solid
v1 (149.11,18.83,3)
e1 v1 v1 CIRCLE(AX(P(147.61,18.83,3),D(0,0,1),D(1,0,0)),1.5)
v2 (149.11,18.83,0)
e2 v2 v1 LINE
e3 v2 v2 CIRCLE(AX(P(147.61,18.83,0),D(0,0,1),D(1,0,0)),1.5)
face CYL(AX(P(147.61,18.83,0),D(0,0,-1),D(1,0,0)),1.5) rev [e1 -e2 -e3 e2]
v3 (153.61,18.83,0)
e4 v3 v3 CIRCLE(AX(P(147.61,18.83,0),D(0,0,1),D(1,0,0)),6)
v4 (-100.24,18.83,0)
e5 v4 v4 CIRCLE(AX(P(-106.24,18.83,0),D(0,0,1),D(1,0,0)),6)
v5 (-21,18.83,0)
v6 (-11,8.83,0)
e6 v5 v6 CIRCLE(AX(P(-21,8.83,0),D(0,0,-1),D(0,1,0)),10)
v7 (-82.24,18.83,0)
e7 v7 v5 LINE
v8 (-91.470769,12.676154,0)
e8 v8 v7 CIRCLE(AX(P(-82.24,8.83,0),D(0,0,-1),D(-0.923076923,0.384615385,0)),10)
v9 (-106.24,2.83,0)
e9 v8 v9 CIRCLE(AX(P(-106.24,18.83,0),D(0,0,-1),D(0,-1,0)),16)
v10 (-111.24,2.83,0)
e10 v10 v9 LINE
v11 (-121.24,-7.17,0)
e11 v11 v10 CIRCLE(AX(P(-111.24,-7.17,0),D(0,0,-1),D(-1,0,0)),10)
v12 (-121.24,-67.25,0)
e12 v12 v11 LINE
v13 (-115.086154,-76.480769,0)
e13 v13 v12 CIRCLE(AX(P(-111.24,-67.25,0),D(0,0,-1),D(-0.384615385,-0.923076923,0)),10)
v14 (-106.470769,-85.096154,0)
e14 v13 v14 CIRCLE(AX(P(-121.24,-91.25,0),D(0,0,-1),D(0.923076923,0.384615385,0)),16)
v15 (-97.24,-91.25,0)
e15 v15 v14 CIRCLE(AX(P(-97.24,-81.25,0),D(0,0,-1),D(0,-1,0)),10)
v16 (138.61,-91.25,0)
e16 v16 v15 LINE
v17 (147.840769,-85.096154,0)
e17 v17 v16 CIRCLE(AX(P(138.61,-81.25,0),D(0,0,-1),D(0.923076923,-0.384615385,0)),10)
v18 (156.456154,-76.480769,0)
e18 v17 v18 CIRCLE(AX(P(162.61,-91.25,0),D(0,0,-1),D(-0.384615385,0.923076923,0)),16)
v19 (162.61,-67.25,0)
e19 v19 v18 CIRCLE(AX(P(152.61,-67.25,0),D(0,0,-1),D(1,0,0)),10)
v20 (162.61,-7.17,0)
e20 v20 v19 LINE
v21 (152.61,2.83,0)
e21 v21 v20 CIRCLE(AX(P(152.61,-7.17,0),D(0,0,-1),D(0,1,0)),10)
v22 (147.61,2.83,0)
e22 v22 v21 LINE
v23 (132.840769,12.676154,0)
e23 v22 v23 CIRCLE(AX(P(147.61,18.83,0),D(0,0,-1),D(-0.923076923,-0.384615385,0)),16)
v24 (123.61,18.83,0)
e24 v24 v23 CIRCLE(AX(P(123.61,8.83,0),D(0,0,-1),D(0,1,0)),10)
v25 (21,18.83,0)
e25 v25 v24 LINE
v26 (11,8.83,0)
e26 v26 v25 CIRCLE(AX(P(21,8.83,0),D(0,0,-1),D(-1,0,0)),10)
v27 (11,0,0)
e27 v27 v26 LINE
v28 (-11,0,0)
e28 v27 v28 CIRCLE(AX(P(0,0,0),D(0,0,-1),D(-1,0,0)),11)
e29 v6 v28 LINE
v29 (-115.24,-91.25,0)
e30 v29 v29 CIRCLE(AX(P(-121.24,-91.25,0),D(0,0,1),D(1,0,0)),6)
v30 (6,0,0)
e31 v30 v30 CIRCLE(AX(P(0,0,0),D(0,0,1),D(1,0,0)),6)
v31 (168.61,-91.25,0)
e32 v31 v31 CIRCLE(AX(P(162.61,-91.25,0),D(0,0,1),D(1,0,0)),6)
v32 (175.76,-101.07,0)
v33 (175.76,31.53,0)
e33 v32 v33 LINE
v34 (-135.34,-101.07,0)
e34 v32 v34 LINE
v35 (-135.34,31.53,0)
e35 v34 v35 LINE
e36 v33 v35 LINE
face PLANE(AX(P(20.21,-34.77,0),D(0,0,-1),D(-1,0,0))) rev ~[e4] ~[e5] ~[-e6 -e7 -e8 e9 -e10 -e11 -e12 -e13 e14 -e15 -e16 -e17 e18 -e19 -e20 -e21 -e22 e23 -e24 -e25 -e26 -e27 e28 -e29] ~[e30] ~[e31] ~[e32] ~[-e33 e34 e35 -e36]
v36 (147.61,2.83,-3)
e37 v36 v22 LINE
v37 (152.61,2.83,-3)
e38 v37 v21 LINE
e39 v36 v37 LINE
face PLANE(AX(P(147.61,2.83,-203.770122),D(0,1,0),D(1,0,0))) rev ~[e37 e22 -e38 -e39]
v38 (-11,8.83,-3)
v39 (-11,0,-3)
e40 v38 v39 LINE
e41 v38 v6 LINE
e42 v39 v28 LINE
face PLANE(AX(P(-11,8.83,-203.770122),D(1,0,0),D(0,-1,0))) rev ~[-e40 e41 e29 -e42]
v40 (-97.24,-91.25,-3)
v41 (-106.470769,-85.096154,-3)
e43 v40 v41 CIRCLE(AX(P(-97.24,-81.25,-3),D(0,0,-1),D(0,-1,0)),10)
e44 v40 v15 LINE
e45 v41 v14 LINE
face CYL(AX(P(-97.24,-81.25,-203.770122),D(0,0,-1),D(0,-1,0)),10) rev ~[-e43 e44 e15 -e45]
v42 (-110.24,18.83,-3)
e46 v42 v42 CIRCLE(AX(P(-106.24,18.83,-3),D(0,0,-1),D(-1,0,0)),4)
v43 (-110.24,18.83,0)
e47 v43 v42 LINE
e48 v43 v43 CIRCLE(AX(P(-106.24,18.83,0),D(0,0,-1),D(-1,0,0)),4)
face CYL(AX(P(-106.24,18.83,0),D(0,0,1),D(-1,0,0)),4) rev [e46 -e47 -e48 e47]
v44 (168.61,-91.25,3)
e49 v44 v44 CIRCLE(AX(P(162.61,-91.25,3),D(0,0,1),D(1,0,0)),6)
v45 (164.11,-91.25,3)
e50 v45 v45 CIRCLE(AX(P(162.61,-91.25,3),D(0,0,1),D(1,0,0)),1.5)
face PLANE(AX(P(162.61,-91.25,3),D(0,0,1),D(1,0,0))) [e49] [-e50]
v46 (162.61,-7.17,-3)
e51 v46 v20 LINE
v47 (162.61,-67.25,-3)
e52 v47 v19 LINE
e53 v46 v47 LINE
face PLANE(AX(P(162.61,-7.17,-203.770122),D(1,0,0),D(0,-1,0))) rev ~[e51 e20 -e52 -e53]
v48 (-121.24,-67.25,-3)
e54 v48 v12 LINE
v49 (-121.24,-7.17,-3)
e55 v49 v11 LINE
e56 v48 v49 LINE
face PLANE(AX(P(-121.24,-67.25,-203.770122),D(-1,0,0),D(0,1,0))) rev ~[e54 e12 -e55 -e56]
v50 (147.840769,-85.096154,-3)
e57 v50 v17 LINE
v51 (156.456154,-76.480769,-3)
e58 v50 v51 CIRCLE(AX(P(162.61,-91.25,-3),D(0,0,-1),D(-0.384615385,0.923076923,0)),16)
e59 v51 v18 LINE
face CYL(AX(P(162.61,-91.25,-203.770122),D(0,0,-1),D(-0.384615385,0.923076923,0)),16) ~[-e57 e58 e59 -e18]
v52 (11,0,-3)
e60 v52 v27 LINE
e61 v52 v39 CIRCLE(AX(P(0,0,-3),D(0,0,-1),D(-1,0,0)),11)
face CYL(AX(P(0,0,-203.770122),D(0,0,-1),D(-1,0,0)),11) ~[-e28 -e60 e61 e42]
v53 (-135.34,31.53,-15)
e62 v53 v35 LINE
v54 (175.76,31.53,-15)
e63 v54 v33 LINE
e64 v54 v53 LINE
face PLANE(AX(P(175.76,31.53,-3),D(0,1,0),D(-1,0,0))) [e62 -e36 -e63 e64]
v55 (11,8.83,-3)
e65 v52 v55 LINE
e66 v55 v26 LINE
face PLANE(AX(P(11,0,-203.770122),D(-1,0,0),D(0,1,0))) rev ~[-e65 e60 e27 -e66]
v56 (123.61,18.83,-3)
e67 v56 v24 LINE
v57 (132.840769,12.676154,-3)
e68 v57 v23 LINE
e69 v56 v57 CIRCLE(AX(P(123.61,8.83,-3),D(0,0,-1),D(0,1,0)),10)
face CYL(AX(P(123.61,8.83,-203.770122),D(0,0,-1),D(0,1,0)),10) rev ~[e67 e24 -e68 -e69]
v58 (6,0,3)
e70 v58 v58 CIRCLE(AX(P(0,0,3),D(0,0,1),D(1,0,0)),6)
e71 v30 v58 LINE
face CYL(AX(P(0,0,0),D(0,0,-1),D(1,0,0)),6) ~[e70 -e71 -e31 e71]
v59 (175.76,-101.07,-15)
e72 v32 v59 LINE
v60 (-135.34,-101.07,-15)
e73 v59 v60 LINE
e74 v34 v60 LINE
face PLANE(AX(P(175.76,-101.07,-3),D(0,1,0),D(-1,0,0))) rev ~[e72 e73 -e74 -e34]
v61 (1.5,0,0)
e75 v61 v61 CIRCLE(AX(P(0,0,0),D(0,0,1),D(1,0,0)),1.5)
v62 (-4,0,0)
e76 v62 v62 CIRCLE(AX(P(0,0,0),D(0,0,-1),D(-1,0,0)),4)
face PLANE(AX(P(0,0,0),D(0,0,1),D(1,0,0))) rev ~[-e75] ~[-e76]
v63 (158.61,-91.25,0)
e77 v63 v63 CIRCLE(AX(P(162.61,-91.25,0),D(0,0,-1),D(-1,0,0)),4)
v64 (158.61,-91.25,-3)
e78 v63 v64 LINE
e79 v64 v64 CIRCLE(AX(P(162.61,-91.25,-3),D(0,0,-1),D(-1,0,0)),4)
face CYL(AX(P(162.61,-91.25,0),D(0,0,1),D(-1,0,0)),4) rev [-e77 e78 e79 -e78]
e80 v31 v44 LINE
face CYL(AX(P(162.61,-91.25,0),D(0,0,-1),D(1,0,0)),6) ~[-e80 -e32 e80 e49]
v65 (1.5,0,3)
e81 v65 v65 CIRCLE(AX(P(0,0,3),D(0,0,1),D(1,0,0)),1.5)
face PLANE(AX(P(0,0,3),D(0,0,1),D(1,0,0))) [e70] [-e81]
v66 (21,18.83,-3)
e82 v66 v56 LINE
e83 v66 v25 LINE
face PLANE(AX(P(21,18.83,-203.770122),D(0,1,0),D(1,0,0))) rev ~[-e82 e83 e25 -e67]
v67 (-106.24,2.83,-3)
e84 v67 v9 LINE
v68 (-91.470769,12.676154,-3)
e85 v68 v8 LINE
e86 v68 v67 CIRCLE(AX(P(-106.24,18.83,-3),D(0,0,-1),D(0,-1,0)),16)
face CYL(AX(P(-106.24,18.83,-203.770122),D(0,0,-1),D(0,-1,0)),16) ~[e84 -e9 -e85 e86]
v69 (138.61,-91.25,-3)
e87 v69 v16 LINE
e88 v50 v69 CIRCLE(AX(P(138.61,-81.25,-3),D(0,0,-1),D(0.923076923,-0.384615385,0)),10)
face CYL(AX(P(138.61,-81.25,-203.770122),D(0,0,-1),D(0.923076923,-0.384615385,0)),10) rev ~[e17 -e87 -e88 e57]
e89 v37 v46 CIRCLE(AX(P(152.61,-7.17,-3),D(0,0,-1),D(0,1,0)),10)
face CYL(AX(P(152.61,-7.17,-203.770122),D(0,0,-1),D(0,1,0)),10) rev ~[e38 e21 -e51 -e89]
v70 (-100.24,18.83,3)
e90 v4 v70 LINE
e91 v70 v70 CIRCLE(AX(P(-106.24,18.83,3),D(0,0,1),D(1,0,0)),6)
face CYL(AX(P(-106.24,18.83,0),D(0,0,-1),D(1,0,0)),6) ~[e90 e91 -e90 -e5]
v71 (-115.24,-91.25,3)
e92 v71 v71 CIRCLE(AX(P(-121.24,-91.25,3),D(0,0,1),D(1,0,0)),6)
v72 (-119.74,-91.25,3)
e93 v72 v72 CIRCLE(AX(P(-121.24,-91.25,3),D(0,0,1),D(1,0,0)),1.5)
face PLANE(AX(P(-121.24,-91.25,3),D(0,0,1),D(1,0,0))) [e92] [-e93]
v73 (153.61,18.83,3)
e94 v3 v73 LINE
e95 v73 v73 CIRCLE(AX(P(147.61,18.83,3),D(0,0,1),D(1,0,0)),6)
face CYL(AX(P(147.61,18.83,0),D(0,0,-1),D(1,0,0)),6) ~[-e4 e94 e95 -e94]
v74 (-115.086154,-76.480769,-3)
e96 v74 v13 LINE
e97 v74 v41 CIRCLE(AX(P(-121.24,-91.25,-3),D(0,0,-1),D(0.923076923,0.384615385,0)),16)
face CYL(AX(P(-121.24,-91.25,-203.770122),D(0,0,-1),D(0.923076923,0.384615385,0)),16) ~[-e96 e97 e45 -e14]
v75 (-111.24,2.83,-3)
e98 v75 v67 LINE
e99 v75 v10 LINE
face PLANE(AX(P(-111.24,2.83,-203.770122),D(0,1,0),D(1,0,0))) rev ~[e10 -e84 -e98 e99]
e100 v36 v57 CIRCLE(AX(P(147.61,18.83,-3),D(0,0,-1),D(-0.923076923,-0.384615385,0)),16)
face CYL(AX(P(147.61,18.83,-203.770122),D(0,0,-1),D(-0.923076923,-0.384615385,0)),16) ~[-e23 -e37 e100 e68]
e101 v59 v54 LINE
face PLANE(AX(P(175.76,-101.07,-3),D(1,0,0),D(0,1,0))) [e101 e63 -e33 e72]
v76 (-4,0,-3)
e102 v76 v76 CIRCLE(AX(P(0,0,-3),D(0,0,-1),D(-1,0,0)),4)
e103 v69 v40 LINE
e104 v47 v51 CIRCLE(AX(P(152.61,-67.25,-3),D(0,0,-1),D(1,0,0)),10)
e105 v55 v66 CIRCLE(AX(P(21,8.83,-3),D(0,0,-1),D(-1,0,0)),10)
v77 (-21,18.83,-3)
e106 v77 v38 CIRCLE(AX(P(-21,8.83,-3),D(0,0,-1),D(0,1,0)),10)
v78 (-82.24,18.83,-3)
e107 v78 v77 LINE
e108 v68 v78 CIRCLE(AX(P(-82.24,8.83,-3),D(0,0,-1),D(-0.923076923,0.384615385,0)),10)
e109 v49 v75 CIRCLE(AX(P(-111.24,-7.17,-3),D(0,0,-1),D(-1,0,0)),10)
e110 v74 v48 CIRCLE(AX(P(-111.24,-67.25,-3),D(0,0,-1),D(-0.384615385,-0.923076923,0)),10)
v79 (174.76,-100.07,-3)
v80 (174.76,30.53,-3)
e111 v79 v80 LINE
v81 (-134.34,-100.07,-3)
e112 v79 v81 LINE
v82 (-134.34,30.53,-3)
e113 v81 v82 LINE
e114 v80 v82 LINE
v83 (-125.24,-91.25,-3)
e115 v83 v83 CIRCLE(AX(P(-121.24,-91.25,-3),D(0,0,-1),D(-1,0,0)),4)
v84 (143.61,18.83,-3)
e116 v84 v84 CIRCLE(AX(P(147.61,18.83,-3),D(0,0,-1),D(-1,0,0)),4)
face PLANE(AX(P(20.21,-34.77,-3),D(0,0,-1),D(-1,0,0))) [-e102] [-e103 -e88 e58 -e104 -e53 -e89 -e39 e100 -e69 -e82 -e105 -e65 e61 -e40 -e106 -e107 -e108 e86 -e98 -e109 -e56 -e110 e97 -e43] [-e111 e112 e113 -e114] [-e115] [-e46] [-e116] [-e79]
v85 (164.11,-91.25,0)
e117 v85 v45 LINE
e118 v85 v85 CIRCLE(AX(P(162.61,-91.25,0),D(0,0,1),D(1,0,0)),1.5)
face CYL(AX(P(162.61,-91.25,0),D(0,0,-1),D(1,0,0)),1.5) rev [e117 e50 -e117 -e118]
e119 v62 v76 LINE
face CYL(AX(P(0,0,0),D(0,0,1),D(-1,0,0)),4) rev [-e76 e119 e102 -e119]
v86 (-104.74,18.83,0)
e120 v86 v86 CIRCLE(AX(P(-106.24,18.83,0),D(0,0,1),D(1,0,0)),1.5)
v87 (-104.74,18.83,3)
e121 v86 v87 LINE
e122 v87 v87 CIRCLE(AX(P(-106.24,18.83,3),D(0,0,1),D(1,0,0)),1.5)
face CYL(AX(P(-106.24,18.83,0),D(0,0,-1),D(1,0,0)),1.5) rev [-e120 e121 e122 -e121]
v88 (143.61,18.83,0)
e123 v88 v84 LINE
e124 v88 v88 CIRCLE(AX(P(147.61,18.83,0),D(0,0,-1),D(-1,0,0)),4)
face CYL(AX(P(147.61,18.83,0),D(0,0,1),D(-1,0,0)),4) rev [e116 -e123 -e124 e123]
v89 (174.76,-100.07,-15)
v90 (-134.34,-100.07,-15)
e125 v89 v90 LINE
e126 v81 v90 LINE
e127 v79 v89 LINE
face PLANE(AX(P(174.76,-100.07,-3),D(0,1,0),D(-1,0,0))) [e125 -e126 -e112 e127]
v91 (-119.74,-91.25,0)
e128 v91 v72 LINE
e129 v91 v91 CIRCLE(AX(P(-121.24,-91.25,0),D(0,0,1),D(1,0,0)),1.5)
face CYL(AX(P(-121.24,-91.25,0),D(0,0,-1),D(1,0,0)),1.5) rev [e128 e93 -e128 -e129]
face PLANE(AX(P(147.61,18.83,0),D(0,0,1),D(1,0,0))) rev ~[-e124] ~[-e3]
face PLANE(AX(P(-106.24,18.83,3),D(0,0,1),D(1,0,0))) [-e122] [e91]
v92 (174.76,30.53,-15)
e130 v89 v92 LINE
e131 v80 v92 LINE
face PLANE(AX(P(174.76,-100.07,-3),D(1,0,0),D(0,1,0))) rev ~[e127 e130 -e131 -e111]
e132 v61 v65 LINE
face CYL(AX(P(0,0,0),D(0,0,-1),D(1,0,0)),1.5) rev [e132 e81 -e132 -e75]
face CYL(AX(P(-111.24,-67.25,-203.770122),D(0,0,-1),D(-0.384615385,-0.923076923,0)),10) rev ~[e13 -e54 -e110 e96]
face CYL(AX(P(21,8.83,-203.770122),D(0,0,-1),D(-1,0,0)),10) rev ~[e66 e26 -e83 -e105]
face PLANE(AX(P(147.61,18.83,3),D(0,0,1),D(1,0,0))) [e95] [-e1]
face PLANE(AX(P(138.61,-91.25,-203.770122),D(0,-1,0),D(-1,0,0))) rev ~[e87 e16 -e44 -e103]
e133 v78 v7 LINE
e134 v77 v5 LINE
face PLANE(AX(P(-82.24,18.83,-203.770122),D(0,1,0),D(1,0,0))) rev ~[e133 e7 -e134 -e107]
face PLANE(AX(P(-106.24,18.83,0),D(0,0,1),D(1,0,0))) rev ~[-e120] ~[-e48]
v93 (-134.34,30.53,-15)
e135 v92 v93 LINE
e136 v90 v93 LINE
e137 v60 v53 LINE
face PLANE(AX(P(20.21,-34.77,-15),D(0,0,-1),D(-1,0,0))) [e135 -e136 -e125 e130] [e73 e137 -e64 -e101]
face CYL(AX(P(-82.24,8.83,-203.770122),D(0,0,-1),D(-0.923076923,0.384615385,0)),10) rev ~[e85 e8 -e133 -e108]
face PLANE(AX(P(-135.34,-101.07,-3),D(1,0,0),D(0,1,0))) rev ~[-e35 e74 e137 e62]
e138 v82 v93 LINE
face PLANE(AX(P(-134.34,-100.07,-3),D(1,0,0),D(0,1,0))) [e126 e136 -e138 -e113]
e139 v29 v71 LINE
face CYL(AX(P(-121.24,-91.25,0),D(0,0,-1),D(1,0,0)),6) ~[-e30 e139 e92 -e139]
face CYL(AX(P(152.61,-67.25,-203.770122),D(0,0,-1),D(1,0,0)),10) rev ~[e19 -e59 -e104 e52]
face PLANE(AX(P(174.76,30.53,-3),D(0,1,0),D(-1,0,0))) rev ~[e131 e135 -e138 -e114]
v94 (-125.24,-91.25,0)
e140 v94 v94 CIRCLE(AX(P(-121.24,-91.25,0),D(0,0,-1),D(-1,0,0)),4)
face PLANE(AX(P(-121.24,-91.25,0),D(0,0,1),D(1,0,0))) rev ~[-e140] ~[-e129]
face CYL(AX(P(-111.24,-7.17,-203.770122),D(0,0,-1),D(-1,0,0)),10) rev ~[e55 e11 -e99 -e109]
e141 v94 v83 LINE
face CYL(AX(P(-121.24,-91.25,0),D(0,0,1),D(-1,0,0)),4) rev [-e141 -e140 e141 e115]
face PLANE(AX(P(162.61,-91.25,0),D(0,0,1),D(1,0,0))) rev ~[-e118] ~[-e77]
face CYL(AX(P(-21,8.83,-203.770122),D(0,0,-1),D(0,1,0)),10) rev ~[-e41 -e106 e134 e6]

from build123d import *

# Parameters (mm, degrees)
SKETCH1_R                             = 6
SKETCH1_R_2                           = 1.5
DISPLAY_SCREW_PATTERN_DEPTH           = 3
DISPLAY_SCREW_PATTERN_2_DEPTH         = 3
DISPLAY_SCREW_PATTERN_3_DEPTH         = 3
DISPLAY_SCREW_PATTERN_4_DEPTH         = 3
DISPLAY_SCREW_PATTERN_5_DEPTH         = 3
SKETCH2_W                             = 311.1
SKETCH2_H                             = 132.6
SKETCH2_R                             = 4
DISPLAY_BACKPLANE_DEPTH               = 3
BACKPLANE_WEIGHT_REDUCTION_DEPTH      = 203.770122306
BACKPLANE_WEIGHT_REDUCTION_DEPTH_BACK = 203.770122306
SKETCH4_W                             = 311.1
SKETCH4_H                             = 132.6
SKETCH4_W_2                           = 309.1
SKETCH4_H_2                           = 130.6
DISPLAY_OUTSIDE_CRADDLE_DEPTH         = 12


with BuildPart() as part:
    # Sketch1 → Display screw pattern (new body)
    with BuildSketch(Plane.XY):
        Circle(SKETCH1_R)
        Circle(SKETCH1_R_2, mode=Mode.SUBTRACT)
    extrude(amount=DISPLAY_SCREW_PATTERN_DEPTH)



with BuildPart() as body_2:
    # Sketch1 → Display screw pattern 2 (new body)
    with BuildSketch(Plane.XY):
        with Locations((-106.24, 18.83)):
            Circle(SKETCH1_R)
        with Locations((-106.24, 18.83)):
            Circle(SKETCH1_R_2, mode=Mode.SUBTRACT)
    extrude(amount=DISPLAY_SCREW_PATTERN_2_DEPTH)


with BuildPart() as body_3:
    # Sketch1 → Display screw pattern 3 (new body)
    with BuildSketch(Plane.XY):
        with Locations((147.61, 18.83)):
            Circle(SKETCH1_R)
        with Locations((147.61, 18.83)):
            Circle(SKETCH1_R_2, mode=Mode.SUBTRACT)
    extrude(amount=DISPLAY_SCREW_PATTERN_3_DEPTH)


with BuildPart() as body_4:
    # Sketch1 → Display screw pattern 4 (new body)
    with BuildSketch(Plane.XY):
        with Locations((-121.24, -91.25)):
            Circle(SKETCH1_R)
        with Locations((-121.24, -91.25)):
            Circle(SKETCH1_R_2, mode=Mode.SUBTRACT)
    extrude(amount=DISPLAY_SCREW_PATTERN_4_DEPTH)


with BuildPart() as body_5:
    # Sketch1 → Display screw pattern 5 (new body)
    with BuildSketch(Plane.XY):
        with Locations((162.61, -91.25)):
            Circle(SKETCH1_R)
        with Locations((162.61, -91.25)):
            Circle(SKETCH1_R_2, mode=Mode.SUBTRACT)
    extrude(amount=DISPLAY_SCREW_PATTERN_5_DEPTH)


with BuildPart() as part_1:
    add(part.part)

    add(body_2.part)  # Display backplane merges body 2

    add(body_3.part)  # Display backplane merges body 3

    add(body_4.part)  # Display backplane merges body 4

    add(body_5.part)  # Display backplane merges body 5
    # Sketch2 → Display backplane (add)
    with BuildSketch(Plane(origin=(0, 0, 0), x_dir=(-1, 0, 0), z_dir=(0, 0, -1))):
        with Locations((-20.21, -34.77)):
            Rectangle(SKETCH2_W, SKETCH2_H)
        with Locations((106.24, 18.83)):
            Circle(SKETCH2_R, mode=Mode.SUBTRACT)
        Circle(SKETCH2_R, mode=Mode.SUBTRACT)
        with Locations((121.24, -91.25)):
            Circle(SKETCH2_R, mode=Mode.SUBTRACT)
        with Locations((-147.61, 18.83)):
            Circle(SKETCH2_R, mode=Mode.SUBTRACT)
        with Locations((-162.61, -91.25)):
            Circle(SKETCH2_R, mode=Mode.SUBTRACT)
    extrude(amount=DISPLAY_BACKPLANE_DEPTH)

    # Sketch3 → Backplane weight reduction (cut, two sides: drawn at the far end of the back side and taken through both)
    with BuildSketch(Plane.XY.offset(-BACKPLANE_WEIGHT_REDUCTION_DEPTH_BACK)):
        with BuildLine():
            Line((162.61, -7.17), (162.61, -67.25))
            ThreePointArc((162.61, -67.25), (160.930502943, -72.797001962), (156.456153846, -76.480769231))
            ThreePointArc((156.456153846, -76.480769231), (151.296291501, -79.936291501), (147.840769231, -85.096153846))
            ThreePointArc((147.840769231, -85.096153846), (144.157001962, -89.570502943), (138.61, -91.25))
            Line((138.61, -91.25), (-97.24, -91.25))
            ThreePointArc((-97.24, -91.25), (-102.787001962, -89.570502943), (-106.470769231, -85.096153846))
            ThreePointArc((-106.470769231, -85.096153846), (-109.926291501, -79.936291501), (-115.086153846, -76.480769231))
            ThreePointArc((-115.086153846, -76.480769231), (-119.560502943, -72.797001962), (-121.24, -67.25))
            Line((-121.24, -67.25), (-121.24, -7.17))
            ThreePointArc((-121.24, -7.17), (-118.311067812, -0.098932188), (-111.24, 2.83))
            Line((-111.24, 2.83), (-106.24, 2.83))
            ThreePointArc((-106.24, 2.83), (-97.36479686, 5.517195291), (-91.470769231, 12.676153846))
            ThreePointArc((-91.470769231, 12.676153846), (-87.787001962, 17.150502943), (-82.24, 18.83))
            Line((-82.24, 18.83), (-21, 18.83))
            ThreePointArc((-21, 18.83), (-13.928932188, 15.901067812), (-11, 8.83))
            Line((-11, 8.83), (-11, 0))
            ThreePointArc((-11, 0), (0, -11), (11, 0))
            Line((11, 0), (11, 8.83))
            ThreePointArc((11, 8.83), (13.928932188, 15.901067812), (21, 18.83))
            Line((21, 18.83), (123.61, 18.83))
            ThreePointArc((123.61, 18.83), (129.157001962, 17.150502943), (132.840769231, 12.676153846))
            ThreePointArc((132.840769231, 12.676153846), (138.73479686, 5.517195291), (147.61, 2.83))
            Line((147.61, 2.83), (152.61, 2.83))
            ThreePointArc((152.61, 2.83), (159.681067812, -0.098932188), (162.61, -7.17))
        make_face()
    extrude(amount=BACKPLANE_WEIGHT_REDUCTION_DEPTH + BACKPLANE_WEIGHT_REDUCTION_DEPTH_BACK, mode=Mode.SUBTRACT)

    # Sketch4 → Display outside craddle (add)
    with BuildSketch(Plane(origin=(0, 0, -3), x_dir=(-1, 0, 0), z_dir=(0, 0, -1))):
        with Locations((-20.21, -34.77)):
            Rectangle(SKETCH4_W, SKETCH4_H)
        with Locations((-20.21, -34.77)):
            Rectangle(SKETCH4_W_2, SKETCH4_H_2, mode=Mode.SUBTRACT)
    extrude(amount=DISPLAY_OUTSIDE_CRADDLE_DEPTH)


solid = part_1.part
